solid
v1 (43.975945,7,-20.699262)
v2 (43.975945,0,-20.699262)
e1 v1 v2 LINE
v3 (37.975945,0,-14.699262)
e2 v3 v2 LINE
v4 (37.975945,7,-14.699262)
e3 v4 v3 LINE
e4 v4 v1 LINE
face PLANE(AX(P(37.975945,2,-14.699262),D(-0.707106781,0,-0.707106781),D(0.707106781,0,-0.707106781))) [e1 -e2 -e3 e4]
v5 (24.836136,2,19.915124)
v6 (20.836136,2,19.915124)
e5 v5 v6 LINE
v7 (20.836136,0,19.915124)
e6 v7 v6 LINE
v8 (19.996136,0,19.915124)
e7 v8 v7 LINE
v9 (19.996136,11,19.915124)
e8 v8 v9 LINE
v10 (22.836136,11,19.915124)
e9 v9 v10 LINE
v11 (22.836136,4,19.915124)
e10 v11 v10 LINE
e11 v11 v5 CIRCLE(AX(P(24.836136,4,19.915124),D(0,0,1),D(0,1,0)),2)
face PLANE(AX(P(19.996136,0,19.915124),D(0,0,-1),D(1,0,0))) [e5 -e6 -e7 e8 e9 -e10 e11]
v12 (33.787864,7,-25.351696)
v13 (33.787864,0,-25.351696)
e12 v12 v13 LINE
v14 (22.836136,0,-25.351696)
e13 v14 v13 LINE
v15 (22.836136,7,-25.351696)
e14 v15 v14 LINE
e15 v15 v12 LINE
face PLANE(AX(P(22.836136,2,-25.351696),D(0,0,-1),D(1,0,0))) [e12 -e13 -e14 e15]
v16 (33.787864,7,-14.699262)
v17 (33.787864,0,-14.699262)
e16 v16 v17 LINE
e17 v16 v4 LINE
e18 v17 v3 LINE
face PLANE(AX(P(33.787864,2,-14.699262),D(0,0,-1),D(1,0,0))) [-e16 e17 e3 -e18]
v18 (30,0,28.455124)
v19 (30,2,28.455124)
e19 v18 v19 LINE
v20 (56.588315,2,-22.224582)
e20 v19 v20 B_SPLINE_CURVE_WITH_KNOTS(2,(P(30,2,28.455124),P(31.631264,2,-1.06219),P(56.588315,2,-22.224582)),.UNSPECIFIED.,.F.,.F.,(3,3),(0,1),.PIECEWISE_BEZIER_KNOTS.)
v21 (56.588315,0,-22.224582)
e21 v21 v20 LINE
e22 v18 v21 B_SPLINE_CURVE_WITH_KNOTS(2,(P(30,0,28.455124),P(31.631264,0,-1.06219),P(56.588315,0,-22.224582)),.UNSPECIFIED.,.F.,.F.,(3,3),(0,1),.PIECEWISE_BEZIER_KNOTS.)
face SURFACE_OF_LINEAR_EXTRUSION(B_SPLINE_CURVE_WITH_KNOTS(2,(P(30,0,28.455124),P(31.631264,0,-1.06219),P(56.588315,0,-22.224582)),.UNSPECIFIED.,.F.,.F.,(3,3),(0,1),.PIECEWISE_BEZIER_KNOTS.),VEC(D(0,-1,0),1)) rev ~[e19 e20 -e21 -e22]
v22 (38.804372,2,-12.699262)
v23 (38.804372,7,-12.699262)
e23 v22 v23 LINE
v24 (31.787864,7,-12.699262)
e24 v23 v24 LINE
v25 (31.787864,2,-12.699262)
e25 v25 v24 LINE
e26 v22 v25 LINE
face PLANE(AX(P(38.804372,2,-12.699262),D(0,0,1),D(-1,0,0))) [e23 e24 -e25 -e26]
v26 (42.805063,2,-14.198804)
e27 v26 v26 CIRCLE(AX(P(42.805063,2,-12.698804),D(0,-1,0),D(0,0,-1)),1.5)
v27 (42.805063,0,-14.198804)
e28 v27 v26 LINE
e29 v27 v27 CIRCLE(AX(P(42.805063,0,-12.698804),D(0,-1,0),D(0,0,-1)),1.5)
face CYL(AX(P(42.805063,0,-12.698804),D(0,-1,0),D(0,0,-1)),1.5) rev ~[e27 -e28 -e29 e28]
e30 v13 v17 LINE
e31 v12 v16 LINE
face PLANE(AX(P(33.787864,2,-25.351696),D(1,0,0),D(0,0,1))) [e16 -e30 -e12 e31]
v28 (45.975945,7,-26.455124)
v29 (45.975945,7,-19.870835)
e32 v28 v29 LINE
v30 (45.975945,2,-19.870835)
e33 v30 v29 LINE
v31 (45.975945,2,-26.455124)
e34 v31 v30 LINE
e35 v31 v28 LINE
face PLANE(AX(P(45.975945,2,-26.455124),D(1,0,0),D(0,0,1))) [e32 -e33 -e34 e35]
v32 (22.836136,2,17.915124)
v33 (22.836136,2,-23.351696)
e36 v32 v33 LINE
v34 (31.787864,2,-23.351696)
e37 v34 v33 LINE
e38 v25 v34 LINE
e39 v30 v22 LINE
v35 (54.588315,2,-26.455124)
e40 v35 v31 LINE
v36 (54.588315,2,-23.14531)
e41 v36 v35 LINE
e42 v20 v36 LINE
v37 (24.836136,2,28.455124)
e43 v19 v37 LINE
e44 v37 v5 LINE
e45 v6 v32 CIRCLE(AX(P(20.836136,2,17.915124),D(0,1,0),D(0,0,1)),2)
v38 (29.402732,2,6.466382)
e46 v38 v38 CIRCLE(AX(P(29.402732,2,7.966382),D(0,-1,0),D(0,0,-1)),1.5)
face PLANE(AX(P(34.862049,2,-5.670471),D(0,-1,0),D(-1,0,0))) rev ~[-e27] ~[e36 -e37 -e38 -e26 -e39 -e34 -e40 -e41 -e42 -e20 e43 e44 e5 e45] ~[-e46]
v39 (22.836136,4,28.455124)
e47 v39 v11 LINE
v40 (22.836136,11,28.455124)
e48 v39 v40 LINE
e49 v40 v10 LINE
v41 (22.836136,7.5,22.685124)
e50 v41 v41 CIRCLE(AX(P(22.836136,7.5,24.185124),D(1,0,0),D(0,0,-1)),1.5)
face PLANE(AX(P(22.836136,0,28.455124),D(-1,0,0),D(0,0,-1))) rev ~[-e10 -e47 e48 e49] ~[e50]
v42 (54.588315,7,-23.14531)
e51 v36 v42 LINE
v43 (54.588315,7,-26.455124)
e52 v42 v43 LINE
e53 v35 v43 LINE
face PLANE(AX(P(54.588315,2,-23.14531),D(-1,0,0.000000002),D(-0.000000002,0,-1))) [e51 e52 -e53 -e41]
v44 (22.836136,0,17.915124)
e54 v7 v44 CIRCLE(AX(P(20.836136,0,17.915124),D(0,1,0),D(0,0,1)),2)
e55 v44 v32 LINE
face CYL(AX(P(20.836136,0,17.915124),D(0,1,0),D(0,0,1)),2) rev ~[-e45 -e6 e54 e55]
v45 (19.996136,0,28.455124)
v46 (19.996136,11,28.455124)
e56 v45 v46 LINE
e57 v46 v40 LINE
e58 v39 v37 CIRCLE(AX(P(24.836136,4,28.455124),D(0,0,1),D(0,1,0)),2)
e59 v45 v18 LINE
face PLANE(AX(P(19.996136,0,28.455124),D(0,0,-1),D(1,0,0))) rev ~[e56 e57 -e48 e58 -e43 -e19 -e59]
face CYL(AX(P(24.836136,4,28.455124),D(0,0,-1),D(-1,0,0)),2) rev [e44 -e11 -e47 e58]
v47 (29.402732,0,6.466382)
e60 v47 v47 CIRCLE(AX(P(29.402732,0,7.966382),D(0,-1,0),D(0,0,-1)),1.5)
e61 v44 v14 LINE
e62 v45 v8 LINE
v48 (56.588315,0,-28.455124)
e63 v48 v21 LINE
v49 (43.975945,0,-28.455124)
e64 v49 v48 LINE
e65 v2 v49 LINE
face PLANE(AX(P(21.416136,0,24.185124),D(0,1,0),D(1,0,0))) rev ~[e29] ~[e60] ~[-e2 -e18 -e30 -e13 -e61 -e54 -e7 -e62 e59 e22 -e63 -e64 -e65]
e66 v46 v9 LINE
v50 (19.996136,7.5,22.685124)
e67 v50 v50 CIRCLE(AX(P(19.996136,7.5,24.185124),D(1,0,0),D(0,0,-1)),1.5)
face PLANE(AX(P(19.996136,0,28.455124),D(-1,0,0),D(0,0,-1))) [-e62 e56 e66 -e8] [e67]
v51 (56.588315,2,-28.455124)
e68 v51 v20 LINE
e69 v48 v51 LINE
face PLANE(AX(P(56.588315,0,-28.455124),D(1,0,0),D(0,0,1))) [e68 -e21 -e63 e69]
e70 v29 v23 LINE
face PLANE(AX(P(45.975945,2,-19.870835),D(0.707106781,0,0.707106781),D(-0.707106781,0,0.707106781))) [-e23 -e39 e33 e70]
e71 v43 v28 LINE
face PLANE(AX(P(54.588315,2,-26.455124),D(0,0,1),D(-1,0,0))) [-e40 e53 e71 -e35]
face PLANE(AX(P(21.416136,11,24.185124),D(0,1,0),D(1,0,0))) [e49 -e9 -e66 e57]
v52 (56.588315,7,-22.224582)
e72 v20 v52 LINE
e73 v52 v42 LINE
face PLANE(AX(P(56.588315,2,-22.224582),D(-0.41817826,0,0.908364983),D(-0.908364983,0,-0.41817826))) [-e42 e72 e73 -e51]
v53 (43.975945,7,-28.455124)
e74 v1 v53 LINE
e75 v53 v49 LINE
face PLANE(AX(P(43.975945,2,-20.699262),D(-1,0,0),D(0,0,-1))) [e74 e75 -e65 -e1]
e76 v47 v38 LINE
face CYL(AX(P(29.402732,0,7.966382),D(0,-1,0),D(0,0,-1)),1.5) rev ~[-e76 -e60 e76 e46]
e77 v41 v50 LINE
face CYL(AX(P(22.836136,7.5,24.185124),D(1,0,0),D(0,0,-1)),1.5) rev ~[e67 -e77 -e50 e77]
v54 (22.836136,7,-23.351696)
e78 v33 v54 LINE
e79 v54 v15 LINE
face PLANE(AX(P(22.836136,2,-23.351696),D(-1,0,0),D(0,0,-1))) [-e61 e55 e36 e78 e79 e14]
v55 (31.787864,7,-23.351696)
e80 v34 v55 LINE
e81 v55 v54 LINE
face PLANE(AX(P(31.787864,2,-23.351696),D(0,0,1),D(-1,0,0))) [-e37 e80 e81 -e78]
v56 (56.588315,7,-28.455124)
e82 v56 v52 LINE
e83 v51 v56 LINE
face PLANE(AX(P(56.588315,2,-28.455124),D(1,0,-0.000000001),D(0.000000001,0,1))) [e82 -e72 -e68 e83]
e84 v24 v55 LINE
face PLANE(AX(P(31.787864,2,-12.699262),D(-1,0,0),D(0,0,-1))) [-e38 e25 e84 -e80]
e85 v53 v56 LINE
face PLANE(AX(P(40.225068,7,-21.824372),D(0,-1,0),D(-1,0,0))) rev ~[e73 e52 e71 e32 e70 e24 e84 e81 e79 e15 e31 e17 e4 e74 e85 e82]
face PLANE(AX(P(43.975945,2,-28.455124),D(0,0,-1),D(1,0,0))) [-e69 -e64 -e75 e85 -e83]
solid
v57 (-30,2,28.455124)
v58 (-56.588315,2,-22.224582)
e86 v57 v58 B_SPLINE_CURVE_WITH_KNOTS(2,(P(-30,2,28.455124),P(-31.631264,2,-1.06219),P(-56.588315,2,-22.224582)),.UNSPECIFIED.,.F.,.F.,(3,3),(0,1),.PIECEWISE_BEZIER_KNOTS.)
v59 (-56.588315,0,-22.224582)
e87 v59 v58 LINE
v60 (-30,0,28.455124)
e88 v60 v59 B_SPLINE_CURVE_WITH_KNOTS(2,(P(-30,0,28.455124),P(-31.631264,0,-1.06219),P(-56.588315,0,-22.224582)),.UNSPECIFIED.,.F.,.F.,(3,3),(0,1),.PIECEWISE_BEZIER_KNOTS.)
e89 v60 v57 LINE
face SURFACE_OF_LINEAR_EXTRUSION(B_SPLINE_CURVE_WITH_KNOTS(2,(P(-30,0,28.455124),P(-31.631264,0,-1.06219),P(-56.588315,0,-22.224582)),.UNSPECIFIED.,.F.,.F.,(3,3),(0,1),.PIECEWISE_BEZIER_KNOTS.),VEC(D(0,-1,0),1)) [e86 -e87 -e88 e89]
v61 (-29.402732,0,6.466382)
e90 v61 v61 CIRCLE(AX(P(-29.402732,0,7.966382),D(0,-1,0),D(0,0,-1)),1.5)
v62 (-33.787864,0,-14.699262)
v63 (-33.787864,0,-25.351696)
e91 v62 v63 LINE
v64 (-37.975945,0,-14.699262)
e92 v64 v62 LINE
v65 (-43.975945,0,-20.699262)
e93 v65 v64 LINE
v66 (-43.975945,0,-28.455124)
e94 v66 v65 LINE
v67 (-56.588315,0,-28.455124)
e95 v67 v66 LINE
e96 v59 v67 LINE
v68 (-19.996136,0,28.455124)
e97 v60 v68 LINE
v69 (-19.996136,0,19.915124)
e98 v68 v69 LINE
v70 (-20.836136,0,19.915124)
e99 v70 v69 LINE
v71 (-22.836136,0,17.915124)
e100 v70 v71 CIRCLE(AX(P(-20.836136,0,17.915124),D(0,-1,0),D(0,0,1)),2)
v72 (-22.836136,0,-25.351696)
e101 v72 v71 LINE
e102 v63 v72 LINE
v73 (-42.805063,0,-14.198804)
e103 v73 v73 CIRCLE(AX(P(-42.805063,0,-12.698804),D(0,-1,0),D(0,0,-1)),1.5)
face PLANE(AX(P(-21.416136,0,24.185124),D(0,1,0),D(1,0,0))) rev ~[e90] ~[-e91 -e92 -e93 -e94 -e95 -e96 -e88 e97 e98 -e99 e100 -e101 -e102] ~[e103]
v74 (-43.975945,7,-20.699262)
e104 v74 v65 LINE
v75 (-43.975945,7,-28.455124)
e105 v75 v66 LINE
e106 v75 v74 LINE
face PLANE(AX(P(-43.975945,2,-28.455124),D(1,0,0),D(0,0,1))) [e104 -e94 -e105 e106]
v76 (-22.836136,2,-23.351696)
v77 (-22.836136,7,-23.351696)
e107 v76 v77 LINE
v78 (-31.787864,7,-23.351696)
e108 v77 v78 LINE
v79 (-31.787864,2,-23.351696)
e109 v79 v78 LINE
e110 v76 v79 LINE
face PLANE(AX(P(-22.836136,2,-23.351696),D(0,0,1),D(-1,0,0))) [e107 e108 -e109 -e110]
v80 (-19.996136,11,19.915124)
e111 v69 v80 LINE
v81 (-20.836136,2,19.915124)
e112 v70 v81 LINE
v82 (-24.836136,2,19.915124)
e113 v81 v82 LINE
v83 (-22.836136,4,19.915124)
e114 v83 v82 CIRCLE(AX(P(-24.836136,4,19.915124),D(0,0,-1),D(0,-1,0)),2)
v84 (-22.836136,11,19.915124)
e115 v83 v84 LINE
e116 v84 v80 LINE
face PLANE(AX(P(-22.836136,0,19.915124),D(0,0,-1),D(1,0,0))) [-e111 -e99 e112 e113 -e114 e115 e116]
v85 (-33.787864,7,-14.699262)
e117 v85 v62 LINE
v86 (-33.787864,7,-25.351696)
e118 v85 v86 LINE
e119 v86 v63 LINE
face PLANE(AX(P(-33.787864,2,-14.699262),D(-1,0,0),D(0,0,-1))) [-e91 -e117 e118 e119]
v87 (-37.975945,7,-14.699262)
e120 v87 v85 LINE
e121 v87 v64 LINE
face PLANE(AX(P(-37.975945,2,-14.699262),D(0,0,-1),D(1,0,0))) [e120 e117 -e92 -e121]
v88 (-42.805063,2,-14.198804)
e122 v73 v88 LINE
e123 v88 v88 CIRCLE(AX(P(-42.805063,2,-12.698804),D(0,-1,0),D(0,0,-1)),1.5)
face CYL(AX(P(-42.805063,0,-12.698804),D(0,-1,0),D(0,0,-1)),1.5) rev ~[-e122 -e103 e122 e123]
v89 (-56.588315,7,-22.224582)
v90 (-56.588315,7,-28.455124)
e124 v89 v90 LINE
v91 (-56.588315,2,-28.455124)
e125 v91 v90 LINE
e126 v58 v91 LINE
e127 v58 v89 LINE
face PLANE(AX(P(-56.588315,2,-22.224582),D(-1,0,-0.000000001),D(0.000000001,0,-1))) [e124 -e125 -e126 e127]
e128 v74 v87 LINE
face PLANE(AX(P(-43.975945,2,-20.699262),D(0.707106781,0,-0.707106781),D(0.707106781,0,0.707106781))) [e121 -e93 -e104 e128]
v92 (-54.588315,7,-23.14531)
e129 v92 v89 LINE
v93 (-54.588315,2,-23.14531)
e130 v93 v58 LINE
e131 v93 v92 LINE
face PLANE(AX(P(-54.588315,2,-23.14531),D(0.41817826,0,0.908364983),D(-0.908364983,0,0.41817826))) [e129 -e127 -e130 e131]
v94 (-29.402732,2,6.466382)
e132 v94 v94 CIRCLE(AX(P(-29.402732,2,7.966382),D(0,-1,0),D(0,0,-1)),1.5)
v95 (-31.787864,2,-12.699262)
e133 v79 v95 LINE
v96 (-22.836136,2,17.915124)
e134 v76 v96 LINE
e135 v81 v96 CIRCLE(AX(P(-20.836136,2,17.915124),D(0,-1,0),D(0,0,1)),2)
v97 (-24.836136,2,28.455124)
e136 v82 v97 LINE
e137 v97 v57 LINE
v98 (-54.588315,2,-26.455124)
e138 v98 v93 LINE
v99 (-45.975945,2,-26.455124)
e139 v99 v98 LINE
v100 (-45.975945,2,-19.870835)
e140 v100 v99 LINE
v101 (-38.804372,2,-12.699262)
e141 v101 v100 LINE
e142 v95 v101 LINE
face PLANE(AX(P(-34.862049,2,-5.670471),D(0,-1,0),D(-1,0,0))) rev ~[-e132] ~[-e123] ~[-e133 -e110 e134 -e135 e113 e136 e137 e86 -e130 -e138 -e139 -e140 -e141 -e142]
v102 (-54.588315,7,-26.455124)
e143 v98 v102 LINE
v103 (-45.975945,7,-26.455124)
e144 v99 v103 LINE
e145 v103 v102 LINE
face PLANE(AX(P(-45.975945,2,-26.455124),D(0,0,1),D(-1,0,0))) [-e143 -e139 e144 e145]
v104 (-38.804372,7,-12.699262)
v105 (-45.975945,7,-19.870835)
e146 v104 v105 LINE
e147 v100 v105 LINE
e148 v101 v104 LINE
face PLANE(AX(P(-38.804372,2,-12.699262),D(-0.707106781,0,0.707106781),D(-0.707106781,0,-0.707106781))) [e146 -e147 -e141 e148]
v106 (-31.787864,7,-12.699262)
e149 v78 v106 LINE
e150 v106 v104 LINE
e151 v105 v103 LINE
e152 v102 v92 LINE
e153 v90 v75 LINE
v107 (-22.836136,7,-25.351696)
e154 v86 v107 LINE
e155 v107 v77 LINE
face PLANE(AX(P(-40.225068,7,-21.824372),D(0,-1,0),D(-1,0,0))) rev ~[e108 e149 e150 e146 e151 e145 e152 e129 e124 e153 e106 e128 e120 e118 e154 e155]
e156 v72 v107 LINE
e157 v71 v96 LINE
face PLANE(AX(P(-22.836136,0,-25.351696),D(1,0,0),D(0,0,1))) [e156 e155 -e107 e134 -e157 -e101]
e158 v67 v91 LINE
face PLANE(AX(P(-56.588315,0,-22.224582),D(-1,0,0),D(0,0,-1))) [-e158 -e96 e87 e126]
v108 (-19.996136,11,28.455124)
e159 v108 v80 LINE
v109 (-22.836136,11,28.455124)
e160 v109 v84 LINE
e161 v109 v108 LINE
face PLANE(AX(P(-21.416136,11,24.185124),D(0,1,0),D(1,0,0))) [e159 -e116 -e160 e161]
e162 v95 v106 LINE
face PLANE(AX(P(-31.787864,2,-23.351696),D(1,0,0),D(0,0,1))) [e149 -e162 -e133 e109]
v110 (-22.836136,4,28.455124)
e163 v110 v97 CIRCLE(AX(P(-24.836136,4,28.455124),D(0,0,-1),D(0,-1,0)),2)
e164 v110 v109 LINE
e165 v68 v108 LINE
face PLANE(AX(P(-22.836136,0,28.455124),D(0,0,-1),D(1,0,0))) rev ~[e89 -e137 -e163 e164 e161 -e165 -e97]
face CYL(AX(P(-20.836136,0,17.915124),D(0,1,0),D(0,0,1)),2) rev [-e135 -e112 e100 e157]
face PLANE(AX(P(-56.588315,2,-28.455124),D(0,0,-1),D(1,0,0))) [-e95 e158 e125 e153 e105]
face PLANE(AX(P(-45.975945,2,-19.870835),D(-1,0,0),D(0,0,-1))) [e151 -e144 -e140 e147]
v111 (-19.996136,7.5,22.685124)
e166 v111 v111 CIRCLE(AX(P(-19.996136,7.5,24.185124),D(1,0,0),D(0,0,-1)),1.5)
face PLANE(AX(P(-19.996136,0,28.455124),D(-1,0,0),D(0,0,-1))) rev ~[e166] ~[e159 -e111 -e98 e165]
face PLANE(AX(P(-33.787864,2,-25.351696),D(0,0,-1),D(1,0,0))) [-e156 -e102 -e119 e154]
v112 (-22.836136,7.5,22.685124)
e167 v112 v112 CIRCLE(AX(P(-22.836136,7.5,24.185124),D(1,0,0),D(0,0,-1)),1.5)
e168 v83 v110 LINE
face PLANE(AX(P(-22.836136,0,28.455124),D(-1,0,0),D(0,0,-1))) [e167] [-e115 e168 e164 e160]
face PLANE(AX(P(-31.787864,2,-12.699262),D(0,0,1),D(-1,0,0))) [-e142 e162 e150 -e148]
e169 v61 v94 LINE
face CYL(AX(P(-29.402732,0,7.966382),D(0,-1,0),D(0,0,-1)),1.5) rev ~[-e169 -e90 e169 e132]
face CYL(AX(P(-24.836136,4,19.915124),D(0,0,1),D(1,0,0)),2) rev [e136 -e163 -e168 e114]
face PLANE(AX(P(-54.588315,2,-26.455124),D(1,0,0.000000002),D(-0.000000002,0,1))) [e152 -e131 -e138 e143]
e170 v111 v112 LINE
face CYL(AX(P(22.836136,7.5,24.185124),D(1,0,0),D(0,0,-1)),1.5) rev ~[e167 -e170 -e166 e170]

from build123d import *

# Parameters (mm, degrees)
BOSS_EXTRUDE1_DEPTH   = 2
BOSS_EXTRUDE1_2_DEPTH = 2
BOSS_EXTRUDE3_DEPTH   = 5
SKETCH3_R             = 1.5
CUT_EXTRUDE1_DEPTH    = 2
SKETCH5_W             = 2.84
SKETCH5_H             = 8.54
BOSS_EXTRUDE4_DEPTH   = 11
FILLET1_R             = 2
FILLET2_R             = 2
FILLET3_R             = 2
FILLET4_R             = 2
CUT_EXTRUDE3_REACH    = 87.082
SKETCH6_R             = 1.5


with BuildPart() as part:
    # Sketch1 → Boss-Extrude1 (new body)
    with BuildSketch(Plane(origin=(0, 0, 0), x_dir=(1, 0, 0), z_dir=(0, 1, 0))):
        with BuildLine():
            Line((-56.588314529, 22.22458238), (-56.588314529, 28.455124303))
            Line((-56.588314529, 28.455124303), (-43.97594504, 28.455124303))
            Line((-43.97594504, 28.455124303), (-43.97594504, 20.699262249))
            Line((-43.97594504, 20.699262249), (-37.97594504, 14.699262249))
            Line((-37.97594504, 14.699262249), (-33.787864348, 14.699262249))
            Line((-33.787864348, 14.699262249), (-33.787864348, 25.351696057))
            Line((-33.787864348, 25.351696057), (-22.836136218, 25.351696057))
            Line((-22.836136218, 25.351696057), (-22.836136218, -28.455124303))
            Line((-22.836136218, -28.455124303), (-30, -28.455124303))
            add(Edge.make_bspline(
                [(-30, -28.455124303), (-31.631264416, 1.062189743), (-56.588314529, 22.22458238)],
                knots=[0, 0, 0, 1, 1, 1], degree=2))
        make_face()
    extrude(amount=BOSS_EXTRUDE1_DEPTH)



with BuildPart() as body_2:
    # Sketch1 → Boss-Extrude1 2 (new body)
    with BuildSketch(Plane(origin=(0, 0, 0), x_dir=(1, 0, 0), z_dir=(0, 1, 0))):
        with BuildLine():
            Line((33.787864348, 25.351696057), (33.787864348, 14.699262249))
            Line((33.787864348, 14.699262249), (37.97594504, 14.699262249))
            Line((37.97594504, 14.699262249), (43.97594504, 20.699262249))
            Line((43.97594504, 20.699262249), (43.97594504, 28.455124303))
            Line((43.97594504, 28.455124303), (56.588314529, 28.455124303))
            Line((56.588314529, 28.455124303), (56.588314529, 22.22458238))
            add(Edge.make_bspline(
                [(30, -28.455124303), (31.631264416, 1.062189743), (56.588314529, 22.22458238)],
                knots=[0, 0, 0, 1, 1, 1], degree=2))
            Line((30, -28.455124303), (22.836136218, -28.455124303))
            Line((22.836136218, -28.455124303), (22.836136218, 25.351696057))
            Line((22.836136218, 25.351696057), (33.787864348, 25.351696057))
        make_face()
    extrude(amount=BOSS_EXTRUDE1_2_DEPTH)


with BuildPart() as part_1:
    add(part.part)

    add(body_2.part)  # Boss-Extrude3 merges body 2
    # Sketch2 → Boss-Extrude3 (add)
    with BuildSketch(Plane(origin=(0, 2, 0), x_dir=(1, 0, 0), z_dir=(0, 1, 0))):
        Polygon((-54.588314537, 23.145309778), (-56.588314538, 22.224582387), (-56.588314529, 28.455124303), (-43.97594504, 28.455124303), (-43.97594504, 20.699262249), (-37.97594504, 14.699262249), (-33.787864348, 14.699262249), (-33.787864348, 25.351696057), (-22.836136218, 25.351696057), (-22.836136218, 23.351696057), (-31.787864348, 23.351696057), (-31.787864348, 12.699262249), (-38.804372164, 12.699262249), (-45.97594504, 19.870835124), (-45.97594504, 26.455124303), (-54.588314532, 26.455124303), align=None)
        Polygon((22.836136218, 23.351696057), (22.836136218, 25.351696057), (33.787864348, 25.351696057), (33.787864348, 14.699262249), (37.97594504, 14.699262249), (43.97594504, 20.699262249), (43.97594504, 28.455124303), (56.588314529, 28.455124303), (56.588314538, 22.224582387), (54.588314537, 23.145309778), (54.588314532, 26.455124303), (45.97594504, 26.455124303), (45.97594504, 19.870835124), (38.804372164, 12.699262249), (31.787864348, 12.699262249), (31.787864348, 23.351696057), align=None)
    extrude(amount=BOSS_EXTRUDE3_DEPTH)

    # Sketch3 → Cut-Extrude1 (cut)
    with BuildSketch(Plane.XZ):
        with Locations(Location((-29.402732237, 7.966381693, 0), (0, 0, 270))):
            Circle(SKETCH3_R)
        with Locations(Location((-42.805062712, -12.698804379, 0), (0, 0, 270))):
            Circle(SKETCH3_R)
        with Locations(Location((29.402732237, 7.966381693, 0), (0, 0, 270))):
            Circle(SKETCH3_R)
        with Locations(Location((42.805062712, -12.698804379, 0), (0, 0, 270))):
            Circle(SKETCH3_R)
    extrude(amount=-CUT_EXTRUDE1_DEPTH, mode=Mode.SUBTRACT)

    # Sketch5 → Boss-Extrude4 (add)
    with BuildSketch(Plane(origin=(0, 0, 0), x_dir=(1, 0, 0), z_dir=(0, 1, 0))):
        with Locations((-21.416136218, -24.185124303)):
            Rectangle(SKETCH5_W, SKETCH5_H)
        with Locations((21.416136218, -24.185124303)):
            Rectangle(SKETCH5_W, SKETCH5_H)
    extrude(amount=BOSS_EXTRUDE4_DEPTH)

    # Fillet1
    fillet1_edges = [part_1.edges().sort_by_distance(p)[0] for p in [
        (-22.836136218, 2, 24.185124303),
    ]]
    fillet(fillet1_edges, radius=FILLET1_R)

    # Fillet2
    fillet2_edges = [part_1.edges().sort_by_distance(p)[0] for p in [
        (-22.836136218, 1, 19.915124303),
    ]]
    fillet(fillet2_edges, radius=FILLET2_R)

    # Fillet3
    fillet3_edges = [part_1.edges().sort_by_distance(p)[0] for p in [
        (22.836136218, 2, 24.185124303),
    ]]
    fillet(fillet3_edges, radius=FILLET3_R)

    # Fillet4
    fillet4_edges = [part_1.edges().sort_by_distance(p)[0] for p in [
        (22.836136218, 1, 19.915124303),
    ]]
    fillet(fillet4_edges, radius=FILLET4_R)

    # Cut-Extrude3: up to this face of the body (flat: up to its plane)
    cut_extrude3_end = Plane(part_1.part.faces().sort_by_distance((-22.836136218, 7.5, 24.185124303))[0])
    # Sketch6 → Cut-Extrude3 (cut, up to the picked face)
    with BuildSketch(Plane(origin=(22.836136218, 0, 0), x_dir=(0, 0, -1), z_dir=(1, 0, 0)), mode=Mode.PRIVATE) as cut_extrude3_sk1:
        with Locations((-24.185124303, 7.5)):
            Circle(SKETCH6_R)
    cut_extrude3_tool1 = split(extrude(cut_extrude3_sk1.sketch, amount=-CUT_EXTRUDE3_REACH, mode=Mode.PRIVATE), bisect_by=cut_extrude3_end, keep=Keep.BOTH, mode=Mode.PRIVATE)
    add(cut_extrude3_tool1.solids().sort_by(Axis((22.836136, 7.5, 24.185124), (-1, 0, 0)))[0], mode=Mode.SUBTRACT)


solid = part_1.part
